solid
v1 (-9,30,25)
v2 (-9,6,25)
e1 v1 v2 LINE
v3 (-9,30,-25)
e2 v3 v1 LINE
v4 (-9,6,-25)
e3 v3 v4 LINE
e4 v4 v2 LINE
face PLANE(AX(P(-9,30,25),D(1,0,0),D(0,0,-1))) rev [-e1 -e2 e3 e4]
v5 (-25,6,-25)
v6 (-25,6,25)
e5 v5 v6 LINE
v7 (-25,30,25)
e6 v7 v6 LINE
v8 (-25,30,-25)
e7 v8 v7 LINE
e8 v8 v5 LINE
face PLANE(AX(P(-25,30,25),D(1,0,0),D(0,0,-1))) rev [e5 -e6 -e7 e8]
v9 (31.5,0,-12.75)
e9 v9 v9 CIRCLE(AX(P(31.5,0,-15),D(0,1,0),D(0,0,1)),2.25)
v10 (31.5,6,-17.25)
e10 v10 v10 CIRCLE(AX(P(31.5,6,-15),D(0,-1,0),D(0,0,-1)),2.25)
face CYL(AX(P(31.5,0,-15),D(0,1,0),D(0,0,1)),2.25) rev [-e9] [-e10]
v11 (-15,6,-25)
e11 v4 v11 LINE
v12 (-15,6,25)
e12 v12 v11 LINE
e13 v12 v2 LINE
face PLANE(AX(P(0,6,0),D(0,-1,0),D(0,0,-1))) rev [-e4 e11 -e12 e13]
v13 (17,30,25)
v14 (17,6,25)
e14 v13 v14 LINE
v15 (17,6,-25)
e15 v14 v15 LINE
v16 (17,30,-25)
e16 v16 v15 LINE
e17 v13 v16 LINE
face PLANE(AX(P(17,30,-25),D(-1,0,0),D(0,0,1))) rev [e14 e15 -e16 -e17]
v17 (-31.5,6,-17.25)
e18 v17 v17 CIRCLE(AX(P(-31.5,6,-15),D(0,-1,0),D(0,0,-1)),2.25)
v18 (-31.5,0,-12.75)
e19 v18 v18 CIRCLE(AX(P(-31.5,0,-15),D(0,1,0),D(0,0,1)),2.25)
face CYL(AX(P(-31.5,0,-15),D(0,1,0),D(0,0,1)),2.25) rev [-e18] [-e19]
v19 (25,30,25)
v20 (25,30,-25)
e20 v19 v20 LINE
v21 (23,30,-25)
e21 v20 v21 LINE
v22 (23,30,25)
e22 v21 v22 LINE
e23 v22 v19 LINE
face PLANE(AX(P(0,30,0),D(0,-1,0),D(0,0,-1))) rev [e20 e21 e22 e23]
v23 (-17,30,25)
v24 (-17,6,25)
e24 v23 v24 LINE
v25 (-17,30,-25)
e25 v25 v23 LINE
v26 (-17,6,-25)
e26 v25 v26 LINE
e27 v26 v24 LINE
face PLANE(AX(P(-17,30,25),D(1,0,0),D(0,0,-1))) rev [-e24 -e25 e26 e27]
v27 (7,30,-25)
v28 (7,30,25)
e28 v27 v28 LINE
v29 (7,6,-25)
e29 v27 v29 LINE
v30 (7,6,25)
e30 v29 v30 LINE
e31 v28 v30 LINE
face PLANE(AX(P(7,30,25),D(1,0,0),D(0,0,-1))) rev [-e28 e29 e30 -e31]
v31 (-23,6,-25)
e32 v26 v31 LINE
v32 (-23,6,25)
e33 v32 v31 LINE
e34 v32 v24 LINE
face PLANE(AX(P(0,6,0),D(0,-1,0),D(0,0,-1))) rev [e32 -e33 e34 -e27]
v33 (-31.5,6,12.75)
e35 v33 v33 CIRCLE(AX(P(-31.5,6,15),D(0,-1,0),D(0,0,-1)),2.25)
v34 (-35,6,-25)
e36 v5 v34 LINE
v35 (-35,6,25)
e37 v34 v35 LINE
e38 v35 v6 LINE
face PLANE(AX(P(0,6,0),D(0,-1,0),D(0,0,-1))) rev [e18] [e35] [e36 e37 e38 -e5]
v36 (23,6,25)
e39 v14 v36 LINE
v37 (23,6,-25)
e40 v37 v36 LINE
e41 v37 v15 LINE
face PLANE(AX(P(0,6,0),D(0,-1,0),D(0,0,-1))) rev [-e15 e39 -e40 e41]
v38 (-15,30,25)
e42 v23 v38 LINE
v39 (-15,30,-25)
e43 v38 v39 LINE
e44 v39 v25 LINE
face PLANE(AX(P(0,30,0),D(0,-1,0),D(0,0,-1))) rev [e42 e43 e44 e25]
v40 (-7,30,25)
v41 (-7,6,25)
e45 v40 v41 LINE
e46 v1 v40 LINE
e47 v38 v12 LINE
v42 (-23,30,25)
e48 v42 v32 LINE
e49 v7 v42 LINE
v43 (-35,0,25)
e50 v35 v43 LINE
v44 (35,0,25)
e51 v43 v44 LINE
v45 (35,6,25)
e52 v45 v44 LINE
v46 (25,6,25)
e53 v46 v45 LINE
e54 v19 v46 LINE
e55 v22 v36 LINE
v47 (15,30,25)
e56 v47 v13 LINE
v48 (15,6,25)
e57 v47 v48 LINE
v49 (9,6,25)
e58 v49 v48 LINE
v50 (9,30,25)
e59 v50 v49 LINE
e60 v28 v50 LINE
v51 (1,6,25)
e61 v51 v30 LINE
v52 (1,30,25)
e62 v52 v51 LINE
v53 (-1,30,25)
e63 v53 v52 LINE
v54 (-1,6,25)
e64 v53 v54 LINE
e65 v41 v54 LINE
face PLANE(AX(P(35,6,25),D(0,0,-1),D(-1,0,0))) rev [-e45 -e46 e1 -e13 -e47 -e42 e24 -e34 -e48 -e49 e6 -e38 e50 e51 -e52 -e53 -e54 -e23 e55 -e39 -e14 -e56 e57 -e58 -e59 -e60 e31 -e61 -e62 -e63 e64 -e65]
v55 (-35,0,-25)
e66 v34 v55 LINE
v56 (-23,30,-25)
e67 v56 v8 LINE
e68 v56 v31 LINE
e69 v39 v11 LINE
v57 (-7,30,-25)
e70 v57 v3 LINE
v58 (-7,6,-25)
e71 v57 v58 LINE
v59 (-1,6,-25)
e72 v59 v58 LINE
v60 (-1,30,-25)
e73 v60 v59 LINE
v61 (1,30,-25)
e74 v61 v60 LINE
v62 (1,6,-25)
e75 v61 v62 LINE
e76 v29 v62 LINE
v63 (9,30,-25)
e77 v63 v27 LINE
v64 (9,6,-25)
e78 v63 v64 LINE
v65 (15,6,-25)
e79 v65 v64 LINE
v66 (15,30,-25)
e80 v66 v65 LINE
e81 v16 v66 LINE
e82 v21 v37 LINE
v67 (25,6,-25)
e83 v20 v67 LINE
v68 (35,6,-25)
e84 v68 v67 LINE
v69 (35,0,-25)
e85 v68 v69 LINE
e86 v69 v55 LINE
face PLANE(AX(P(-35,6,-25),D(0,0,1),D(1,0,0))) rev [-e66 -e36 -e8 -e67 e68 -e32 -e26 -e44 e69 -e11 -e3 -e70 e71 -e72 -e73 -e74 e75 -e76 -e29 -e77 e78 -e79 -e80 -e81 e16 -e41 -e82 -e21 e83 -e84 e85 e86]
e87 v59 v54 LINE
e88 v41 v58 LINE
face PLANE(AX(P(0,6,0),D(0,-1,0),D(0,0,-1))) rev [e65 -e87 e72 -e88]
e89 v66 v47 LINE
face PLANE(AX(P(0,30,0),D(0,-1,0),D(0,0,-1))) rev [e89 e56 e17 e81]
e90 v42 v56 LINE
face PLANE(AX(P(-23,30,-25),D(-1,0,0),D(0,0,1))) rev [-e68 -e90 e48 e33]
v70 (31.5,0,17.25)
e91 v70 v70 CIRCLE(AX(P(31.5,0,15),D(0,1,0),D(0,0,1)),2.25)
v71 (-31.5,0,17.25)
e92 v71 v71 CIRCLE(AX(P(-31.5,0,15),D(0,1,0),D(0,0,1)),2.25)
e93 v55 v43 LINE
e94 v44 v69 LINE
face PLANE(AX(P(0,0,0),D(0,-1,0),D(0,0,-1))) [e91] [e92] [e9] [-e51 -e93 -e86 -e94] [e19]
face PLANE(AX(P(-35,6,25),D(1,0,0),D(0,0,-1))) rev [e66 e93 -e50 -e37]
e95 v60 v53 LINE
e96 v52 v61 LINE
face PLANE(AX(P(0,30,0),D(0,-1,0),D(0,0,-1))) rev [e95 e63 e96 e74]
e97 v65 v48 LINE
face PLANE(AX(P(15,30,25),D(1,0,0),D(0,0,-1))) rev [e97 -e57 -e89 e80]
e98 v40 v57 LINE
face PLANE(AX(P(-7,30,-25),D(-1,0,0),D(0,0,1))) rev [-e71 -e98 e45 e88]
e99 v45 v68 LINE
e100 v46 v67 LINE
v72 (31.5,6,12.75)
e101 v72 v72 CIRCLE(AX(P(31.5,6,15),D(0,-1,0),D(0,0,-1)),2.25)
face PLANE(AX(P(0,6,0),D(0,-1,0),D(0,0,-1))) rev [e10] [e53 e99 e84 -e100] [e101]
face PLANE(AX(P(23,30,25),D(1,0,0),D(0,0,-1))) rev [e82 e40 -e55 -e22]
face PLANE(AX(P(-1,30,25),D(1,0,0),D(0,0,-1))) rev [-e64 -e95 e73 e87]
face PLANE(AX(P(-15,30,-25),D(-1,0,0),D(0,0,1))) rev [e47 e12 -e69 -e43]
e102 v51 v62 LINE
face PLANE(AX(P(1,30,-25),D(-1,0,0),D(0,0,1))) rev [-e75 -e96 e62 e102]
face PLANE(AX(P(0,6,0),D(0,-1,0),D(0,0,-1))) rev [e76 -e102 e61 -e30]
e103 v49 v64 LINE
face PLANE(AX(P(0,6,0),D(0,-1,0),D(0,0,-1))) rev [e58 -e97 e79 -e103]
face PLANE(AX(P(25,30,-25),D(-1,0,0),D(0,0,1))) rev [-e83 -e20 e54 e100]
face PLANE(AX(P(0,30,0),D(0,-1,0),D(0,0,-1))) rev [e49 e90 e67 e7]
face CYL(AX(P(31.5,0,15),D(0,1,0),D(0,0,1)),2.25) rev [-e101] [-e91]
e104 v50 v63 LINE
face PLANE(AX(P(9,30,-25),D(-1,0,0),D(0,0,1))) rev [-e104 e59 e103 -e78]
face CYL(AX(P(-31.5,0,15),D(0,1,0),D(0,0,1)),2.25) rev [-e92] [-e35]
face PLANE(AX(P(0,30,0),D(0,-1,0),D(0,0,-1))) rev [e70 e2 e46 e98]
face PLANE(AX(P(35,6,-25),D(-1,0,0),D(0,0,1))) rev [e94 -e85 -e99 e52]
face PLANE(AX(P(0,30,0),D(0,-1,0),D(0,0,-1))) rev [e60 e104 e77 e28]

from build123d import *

# Parameters (mm, degrees)
SKETCH_1_W          = 70
SKETCH_1_H          = 50
EXTRUDE_1_DEPTH     = 6
SKETCH_2_W          = 2
SKETCH_2_H          = 50
EXTRUDE_2_DEPTH     = 24.5
SKETCH_3_R          = 2.25
CUT_EXTRUDE_1_DEPTH = 53.440442409


with BuildPart() as part:
    # 草图1 → 凸台-拉伸1 (new body)
    with BuildSketch(Plane(origin=(0, 0, 0), x_dir=(1, 0, 0), z_dir=(0, 1, 0))):
        Rectangle(SKETCH_1_W, SKETCH_1_H)
    extrude(amount=EXTRUDE_1_DEPTH)

    # 草图2 → 凸台-拉伸2 (add)
    with BuildSketch(Plane(origin=(0, 5.5, 0), x_dir=(1, 0, 0), z_dir=(0, 1, 0))):
        with Locations((-24, 0)):
            Rectangle(SKETCH_2_W, SKETCH_2_H)
        with Locations((-16, 0)):
            Rectangle(SKETCH_2_W, SKETCH_2_H)
        with Locations((-8, 0)):
            Rectangle(SKETCH_2_W, SKETCH_2_H)
        Rectangle(SKETCH_2_W, SKETCH_2_H)
        with Locations((8, 0)):
            Rectangle(SKETCH_2_W, SKETCH_2_H)
        with Locations((16, 0)):
            Rectangle(SKETCH_2_W, SKETCH_2_H)
        with Locations((24, 0)):
            Rectangle(SKETCH_2_W, SKETCH_2_H)
    extrude(amount=EXTRUDE_2_DEPTH)

    # 草图3 → 切除-拉伸1 (cut, through all)
    with BuildSketch(Plane(origin=(0, 30, 0), x_dir=(1, 0, 0), z_dir=(0, 1, 0))):
        with Locations(Location((-31.5, 15, 0), (0, 0, 270))):
            Circle(SKETCH_3_R)
        with Locations(Location((-31.5, -15, 0), (0, 0, 270))):
            Circle(SKETCH_3_R)
        with Locations(Location((31.5, 15, 0), (0, 0, 270))):
            Circle(SKETCH_3_R)
        with Locations(Location((31.5, -15, 0), (0, 0, 270))):
            Circle(SKETCH_3_R)
    extrude(amount=-CUT_EXTRUDE_1_DEPTH, mode=Mode.SUBTRACT)


solid = part.part
